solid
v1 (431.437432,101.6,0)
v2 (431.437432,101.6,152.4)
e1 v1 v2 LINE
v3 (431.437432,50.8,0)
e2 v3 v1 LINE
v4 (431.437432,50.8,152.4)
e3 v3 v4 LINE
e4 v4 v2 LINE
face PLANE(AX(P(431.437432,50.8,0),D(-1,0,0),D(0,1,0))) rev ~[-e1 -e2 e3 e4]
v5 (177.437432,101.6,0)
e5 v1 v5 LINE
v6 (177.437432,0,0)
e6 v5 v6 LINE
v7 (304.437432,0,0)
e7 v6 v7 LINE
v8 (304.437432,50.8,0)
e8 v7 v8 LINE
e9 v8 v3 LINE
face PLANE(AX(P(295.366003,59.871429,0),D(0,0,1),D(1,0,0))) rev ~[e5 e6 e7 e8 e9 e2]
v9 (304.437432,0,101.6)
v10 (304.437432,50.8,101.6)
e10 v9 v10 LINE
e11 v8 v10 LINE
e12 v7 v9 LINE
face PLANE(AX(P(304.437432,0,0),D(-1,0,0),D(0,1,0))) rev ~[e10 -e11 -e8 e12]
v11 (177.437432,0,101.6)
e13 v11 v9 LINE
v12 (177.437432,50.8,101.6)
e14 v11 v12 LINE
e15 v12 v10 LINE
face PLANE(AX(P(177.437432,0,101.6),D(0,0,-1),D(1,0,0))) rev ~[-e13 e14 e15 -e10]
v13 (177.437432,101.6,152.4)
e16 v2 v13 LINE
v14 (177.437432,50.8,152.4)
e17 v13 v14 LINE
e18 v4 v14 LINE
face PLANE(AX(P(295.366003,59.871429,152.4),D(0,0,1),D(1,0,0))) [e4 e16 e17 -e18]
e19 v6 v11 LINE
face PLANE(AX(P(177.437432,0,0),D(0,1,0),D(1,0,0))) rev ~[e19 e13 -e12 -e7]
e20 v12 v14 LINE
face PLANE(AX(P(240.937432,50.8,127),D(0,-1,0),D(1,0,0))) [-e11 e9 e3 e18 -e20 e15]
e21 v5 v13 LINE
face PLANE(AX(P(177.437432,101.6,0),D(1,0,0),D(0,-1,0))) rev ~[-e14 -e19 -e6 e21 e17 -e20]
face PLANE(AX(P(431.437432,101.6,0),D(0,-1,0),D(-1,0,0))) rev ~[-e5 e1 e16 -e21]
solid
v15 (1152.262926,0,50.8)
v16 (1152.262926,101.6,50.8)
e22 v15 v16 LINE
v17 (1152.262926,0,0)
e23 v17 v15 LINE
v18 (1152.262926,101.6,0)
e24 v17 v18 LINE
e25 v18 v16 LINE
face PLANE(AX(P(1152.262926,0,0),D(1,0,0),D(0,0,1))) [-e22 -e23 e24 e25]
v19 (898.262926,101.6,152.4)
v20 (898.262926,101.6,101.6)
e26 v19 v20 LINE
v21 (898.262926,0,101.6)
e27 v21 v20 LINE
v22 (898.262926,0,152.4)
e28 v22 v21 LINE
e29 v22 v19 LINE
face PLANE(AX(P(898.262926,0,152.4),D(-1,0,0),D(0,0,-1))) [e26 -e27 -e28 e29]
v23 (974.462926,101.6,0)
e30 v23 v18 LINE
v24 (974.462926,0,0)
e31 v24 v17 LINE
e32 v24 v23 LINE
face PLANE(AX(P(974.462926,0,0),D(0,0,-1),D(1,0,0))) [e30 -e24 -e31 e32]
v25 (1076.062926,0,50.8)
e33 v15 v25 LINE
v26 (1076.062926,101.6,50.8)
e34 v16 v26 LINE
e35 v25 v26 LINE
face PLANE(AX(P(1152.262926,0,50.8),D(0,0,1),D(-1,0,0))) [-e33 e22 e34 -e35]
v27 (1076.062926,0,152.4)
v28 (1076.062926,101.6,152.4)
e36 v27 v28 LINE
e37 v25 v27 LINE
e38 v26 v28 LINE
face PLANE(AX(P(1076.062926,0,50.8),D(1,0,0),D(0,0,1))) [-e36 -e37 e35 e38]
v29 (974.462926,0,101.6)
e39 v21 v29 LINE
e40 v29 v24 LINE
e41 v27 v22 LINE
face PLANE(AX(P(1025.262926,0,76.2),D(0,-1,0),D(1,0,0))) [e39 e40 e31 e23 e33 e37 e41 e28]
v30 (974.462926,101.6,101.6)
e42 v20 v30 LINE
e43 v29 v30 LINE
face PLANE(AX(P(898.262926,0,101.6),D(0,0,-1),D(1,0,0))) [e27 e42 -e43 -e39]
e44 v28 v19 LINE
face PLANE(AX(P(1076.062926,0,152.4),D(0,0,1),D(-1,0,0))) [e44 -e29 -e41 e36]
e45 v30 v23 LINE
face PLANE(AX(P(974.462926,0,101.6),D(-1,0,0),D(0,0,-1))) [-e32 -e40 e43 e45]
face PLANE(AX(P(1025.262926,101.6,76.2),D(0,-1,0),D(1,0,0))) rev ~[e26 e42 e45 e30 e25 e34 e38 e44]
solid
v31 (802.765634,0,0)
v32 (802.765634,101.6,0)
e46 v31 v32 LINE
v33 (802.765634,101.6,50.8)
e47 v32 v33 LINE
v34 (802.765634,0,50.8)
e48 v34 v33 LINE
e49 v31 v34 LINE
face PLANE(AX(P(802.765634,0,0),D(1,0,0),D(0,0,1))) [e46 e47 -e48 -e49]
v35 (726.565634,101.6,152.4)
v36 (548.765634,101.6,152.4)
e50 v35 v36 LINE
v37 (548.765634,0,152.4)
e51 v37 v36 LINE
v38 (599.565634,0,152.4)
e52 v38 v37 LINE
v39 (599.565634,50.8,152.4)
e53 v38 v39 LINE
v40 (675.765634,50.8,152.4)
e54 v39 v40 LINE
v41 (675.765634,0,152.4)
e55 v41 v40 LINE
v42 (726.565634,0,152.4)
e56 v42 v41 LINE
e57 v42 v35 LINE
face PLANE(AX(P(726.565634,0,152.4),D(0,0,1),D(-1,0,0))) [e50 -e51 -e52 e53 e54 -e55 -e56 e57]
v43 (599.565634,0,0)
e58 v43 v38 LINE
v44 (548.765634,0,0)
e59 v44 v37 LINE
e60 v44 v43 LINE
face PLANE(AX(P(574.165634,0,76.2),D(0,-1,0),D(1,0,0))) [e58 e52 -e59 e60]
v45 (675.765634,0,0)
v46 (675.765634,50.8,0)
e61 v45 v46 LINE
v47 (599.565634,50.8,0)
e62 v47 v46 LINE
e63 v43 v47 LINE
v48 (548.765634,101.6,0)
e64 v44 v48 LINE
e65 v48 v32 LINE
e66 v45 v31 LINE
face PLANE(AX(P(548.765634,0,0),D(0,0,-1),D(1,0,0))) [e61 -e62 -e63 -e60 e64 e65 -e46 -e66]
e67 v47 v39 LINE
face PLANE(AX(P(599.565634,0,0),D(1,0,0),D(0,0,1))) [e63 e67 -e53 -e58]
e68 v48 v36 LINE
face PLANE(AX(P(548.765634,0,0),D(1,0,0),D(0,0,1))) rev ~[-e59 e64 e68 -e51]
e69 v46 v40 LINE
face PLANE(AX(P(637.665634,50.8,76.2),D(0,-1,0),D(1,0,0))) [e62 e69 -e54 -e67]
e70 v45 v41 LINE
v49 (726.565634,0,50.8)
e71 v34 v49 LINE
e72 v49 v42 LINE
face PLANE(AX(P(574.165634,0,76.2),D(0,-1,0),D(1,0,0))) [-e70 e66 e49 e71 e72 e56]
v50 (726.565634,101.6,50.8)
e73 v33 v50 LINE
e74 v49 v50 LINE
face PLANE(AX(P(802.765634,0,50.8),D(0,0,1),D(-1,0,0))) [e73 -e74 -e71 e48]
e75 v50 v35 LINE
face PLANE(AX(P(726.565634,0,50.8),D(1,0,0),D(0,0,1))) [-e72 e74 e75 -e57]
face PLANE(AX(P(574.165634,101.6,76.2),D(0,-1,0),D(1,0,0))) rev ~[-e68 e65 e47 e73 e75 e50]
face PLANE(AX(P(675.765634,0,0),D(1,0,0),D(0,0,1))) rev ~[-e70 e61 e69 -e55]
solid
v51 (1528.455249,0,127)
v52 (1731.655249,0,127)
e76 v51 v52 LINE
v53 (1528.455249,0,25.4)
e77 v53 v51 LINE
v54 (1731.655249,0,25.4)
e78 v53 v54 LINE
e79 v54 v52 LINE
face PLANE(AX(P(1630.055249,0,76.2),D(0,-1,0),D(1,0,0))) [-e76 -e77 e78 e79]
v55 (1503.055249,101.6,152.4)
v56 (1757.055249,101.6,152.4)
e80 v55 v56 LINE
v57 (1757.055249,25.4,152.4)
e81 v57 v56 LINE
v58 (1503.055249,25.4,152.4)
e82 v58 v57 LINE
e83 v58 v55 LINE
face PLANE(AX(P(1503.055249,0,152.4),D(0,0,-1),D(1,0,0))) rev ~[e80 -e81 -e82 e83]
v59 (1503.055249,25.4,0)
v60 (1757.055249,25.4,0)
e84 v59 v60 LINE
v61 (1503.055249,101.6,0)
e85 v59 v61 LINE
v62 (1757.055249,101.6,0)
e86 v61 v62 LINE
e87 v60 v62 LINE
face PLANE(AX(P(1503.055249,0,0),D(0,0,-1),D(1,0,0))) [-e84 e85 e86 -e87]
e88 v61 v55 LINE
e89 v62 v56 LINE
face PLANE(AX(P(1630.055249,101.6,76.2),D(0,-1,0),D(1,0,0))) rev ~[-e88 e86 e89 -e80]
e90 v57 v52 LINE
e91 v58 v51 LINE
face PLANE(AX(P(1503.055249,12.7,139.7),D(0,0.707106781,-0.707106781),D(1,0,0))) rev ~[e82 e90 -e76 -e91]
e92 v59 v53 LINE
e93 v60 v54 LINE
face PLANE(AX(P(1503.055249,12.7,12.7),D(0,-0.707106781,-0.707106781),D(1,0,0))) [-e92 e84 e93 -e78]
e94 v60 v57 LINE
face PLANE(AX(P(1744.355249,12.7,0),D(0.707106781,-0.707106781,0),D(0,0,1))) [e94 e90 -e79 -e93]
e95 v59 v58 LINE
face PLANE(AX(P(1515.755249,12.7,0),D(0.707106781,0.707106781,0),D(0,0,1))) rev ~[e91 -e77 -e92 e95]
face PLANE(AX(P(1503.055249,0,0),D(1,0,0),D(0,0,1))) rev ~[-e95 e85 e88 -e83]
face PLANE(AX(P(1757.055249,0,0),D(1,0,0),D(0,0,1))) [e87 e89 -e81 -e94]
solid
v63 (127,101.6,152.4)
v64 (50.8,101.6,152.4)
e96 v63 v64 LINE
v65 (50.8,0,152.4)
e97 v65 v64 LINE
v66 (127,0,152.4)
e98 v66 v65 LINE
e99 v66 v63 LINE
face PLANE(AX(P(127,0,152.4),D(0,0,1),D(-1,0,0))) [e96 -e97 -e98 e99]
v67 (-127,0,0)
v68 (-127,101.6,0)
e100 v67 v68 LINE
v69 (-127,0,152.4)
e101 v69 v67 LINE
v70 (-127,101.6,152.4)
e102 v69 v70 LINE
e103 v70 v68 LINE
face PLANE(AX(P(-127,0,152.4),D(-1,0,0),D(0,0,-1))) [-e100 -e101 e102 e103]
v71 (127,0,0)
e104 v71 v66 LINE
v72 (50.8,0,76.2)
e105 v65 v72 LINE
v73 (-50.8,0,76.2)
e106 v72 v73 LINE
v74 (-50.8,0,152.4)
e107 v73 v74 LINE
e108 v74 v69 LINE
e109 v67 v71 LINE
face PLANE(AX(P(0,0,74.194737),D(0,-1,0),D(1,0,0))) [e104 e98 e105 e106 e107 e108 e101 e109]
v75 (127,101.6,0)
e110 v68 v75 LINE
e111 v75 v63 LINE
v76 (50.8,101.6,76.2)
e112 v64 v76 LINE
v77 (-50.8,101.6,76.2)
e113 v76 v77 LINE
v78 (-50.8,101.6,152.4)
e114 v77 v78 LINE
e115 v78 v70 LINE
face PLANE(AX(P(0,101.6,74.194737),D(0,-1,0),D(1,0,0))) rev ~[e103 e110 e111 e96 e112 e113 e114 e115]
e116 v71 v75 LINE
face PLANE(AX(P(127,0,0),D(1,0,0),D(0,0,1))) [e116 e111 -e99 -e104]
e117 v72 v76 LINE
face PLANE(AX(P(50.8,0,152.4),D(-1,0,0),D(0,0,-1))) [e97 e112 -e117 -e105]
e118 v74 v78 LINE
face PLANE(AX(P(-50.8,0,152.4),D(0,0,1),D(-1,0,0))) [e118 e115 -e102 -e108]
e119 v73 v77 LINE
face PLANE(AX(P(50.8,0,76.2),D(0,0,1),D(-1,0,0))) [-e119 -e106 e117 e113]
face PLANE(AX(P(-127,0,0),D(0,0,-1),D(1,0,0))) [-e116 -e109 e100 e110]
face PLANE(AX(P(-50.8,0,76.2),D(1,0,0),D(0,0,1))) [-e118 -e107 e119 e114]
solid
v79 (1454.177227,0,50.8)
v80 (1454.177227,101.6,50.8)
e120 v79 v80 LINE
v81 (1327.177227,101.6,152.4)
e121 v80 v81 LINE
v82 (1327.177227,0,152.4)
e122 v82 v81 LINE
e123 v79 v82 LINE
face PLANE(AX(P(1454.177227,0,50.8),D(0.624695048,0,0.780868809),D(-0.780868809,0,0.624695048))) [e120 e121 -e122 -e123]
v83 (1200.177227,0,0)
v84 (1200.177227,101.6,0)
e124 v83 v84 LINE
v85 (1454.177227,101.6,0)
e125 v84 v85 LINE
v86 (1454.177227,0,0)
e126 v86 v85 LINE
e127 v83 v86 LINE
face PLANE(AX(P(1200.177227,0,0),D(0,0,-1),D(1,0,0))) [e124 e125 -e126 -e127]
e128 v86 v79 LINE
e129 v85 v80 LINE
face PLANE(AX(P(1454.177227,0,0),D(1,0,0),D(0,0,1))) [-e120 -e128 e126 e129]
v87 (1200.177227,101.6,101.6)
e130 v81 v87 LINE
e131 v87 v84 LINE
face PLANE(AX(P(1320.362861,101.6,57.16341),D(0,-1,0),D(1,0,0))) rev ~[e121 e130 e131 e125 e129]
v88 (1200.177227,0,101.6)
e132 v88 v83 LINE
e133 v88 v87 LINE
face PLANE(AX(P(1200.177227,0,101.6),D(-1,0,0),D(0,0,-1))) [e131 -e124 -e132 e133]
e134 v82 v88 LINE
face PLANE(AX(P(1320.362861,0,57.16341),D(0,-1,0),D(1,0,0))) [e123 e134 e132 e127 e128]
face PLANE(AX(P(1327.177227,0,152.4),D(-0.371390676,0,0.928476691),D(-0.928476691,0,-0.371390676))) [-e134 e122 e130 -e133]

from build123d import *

# Parameters (mm, degrees)
F1_DEPTH  = 101.6
F3_DEPTH  = 152.4
F4_W      = 127
F4_H      = 50.8
F5_DEPTH  = 50.8
F6_W      = 50.8
F6_H      = 152.4
F7_DEPTH  = 101.6
F8_W      = 76.2
F8_H      = 152.4
F9_DEPTH  = 50.8
F11_DEPTH = 101.6
F13_DEPTH = 101.6
F14_W     = 254
F14_H     = 152.4
F15_DEPTH = 101.6
F16_SIZE  = 25.4


with BuildPart() as f1:
    # F0 (on Front) → F1 (new body)
    with BuildSketch(Plane.XZ):
        Polygon((-127, 0), (0, 0), (127, 0), (127, 152.4), (50.8, 152.4), (50.8, 76.2), (-50.8, 76.2), (-50.8, 152.4), (-127, 152.4), align=None)
    extrude(amount=-F1_DEPTH)


with BuildPart() as f3:
    # F2 (on Top) → F3 (new body)
    with BuildSketch(Plane.XY):
        Polygon((177.437432, 101.6), (177.437432, 0), (304.437432, 0), (304.437432, 50.8), (431.437432, 50.8), (431.437432, 101.6), align=None)
    extrude(amount=F3_DEPTH)

    # F4 (on face) → F5 (cut)
    with BuildSketch(Plane.XZ):
        with Locations((240.937432, 127)):
            Rectangle(F4_W, F4_H)
    extrude(amount=-F5_DEPTH, mode=Mode.SUBTRACT)


with BuildPart() as f7:
    # F6 (on Front) → F7 (new body)
    with BuildSketch(Plane.XZ):
        with Locations((574.165634, 76.2)):
            Rectangle(F6_W, F6_H)
        Polygon((599.565634, 152.4), (599.565634, 0), (802.765634, 0), (802.765634, 50.8), (726.565634, 50.8), (726.565634, 152.4), align=None)
    extrude(amount=-F7_DEPTH)

    # F8 (on face) → F9 (cut)
    with BuildSketch(Plane.XZ):
        with Locations((637.665634, 76.2)):
            Rectangle(F8_W, F8_H)
    extrude(amount=-F9_DEPTH, mode=Mode.SUBTRACT)


with BuildPart() as f11:
    # F10 (on Front) → F11 (new body)
    with BuildSketch(Plane.XZ):
        Polygon((1076.062926, 152.4), (898.262926, 152.4), (898.262926, 101.6), (974.462926, 101.6), (974.462926, 0), (1152.262926, 0), (1152.262926, 50.8), (1076.062926, 50.8), align=None)
    extrude(amount=-F11_DEPTH)


with BuildPart() as f13:
    # F12 (on Front) → F13 (new body)
    with BuildSketch(Plane.XZ):
        Polygon((1200.177227, 101.6), (1200.177227, 0), (1454.177227, 0), (1454.177227, 50.8), (1327.177227, 152.4), align=None)
    extrude(amount=-F13_DEPTH)


with BuildPart() as f15:
    # F14 (on Front) → F15 (new body)
    with BuildSketch(Plane.XZ):
        with Locations((1630.055249, 76.2)):
            Rectangle(F14_W, F14_H)
    extrude(amount=-F15_DEPTH)

    # F16
    f16_edges = [f15.edges().sort_by_distance(p)[0] for p in [
        (1630.055249, 0, 152.4),
        (1757.055249, 0, 76.2),
        (1630.055249, 0, 0),
        (1503.055249, 0, 76.2),
    ]]
    chamfer(f16_edges, length=F16_SIZE)


solid = Compound([f1.part, f3.part, f7.part, f11.part, f13.part, f15.part])
